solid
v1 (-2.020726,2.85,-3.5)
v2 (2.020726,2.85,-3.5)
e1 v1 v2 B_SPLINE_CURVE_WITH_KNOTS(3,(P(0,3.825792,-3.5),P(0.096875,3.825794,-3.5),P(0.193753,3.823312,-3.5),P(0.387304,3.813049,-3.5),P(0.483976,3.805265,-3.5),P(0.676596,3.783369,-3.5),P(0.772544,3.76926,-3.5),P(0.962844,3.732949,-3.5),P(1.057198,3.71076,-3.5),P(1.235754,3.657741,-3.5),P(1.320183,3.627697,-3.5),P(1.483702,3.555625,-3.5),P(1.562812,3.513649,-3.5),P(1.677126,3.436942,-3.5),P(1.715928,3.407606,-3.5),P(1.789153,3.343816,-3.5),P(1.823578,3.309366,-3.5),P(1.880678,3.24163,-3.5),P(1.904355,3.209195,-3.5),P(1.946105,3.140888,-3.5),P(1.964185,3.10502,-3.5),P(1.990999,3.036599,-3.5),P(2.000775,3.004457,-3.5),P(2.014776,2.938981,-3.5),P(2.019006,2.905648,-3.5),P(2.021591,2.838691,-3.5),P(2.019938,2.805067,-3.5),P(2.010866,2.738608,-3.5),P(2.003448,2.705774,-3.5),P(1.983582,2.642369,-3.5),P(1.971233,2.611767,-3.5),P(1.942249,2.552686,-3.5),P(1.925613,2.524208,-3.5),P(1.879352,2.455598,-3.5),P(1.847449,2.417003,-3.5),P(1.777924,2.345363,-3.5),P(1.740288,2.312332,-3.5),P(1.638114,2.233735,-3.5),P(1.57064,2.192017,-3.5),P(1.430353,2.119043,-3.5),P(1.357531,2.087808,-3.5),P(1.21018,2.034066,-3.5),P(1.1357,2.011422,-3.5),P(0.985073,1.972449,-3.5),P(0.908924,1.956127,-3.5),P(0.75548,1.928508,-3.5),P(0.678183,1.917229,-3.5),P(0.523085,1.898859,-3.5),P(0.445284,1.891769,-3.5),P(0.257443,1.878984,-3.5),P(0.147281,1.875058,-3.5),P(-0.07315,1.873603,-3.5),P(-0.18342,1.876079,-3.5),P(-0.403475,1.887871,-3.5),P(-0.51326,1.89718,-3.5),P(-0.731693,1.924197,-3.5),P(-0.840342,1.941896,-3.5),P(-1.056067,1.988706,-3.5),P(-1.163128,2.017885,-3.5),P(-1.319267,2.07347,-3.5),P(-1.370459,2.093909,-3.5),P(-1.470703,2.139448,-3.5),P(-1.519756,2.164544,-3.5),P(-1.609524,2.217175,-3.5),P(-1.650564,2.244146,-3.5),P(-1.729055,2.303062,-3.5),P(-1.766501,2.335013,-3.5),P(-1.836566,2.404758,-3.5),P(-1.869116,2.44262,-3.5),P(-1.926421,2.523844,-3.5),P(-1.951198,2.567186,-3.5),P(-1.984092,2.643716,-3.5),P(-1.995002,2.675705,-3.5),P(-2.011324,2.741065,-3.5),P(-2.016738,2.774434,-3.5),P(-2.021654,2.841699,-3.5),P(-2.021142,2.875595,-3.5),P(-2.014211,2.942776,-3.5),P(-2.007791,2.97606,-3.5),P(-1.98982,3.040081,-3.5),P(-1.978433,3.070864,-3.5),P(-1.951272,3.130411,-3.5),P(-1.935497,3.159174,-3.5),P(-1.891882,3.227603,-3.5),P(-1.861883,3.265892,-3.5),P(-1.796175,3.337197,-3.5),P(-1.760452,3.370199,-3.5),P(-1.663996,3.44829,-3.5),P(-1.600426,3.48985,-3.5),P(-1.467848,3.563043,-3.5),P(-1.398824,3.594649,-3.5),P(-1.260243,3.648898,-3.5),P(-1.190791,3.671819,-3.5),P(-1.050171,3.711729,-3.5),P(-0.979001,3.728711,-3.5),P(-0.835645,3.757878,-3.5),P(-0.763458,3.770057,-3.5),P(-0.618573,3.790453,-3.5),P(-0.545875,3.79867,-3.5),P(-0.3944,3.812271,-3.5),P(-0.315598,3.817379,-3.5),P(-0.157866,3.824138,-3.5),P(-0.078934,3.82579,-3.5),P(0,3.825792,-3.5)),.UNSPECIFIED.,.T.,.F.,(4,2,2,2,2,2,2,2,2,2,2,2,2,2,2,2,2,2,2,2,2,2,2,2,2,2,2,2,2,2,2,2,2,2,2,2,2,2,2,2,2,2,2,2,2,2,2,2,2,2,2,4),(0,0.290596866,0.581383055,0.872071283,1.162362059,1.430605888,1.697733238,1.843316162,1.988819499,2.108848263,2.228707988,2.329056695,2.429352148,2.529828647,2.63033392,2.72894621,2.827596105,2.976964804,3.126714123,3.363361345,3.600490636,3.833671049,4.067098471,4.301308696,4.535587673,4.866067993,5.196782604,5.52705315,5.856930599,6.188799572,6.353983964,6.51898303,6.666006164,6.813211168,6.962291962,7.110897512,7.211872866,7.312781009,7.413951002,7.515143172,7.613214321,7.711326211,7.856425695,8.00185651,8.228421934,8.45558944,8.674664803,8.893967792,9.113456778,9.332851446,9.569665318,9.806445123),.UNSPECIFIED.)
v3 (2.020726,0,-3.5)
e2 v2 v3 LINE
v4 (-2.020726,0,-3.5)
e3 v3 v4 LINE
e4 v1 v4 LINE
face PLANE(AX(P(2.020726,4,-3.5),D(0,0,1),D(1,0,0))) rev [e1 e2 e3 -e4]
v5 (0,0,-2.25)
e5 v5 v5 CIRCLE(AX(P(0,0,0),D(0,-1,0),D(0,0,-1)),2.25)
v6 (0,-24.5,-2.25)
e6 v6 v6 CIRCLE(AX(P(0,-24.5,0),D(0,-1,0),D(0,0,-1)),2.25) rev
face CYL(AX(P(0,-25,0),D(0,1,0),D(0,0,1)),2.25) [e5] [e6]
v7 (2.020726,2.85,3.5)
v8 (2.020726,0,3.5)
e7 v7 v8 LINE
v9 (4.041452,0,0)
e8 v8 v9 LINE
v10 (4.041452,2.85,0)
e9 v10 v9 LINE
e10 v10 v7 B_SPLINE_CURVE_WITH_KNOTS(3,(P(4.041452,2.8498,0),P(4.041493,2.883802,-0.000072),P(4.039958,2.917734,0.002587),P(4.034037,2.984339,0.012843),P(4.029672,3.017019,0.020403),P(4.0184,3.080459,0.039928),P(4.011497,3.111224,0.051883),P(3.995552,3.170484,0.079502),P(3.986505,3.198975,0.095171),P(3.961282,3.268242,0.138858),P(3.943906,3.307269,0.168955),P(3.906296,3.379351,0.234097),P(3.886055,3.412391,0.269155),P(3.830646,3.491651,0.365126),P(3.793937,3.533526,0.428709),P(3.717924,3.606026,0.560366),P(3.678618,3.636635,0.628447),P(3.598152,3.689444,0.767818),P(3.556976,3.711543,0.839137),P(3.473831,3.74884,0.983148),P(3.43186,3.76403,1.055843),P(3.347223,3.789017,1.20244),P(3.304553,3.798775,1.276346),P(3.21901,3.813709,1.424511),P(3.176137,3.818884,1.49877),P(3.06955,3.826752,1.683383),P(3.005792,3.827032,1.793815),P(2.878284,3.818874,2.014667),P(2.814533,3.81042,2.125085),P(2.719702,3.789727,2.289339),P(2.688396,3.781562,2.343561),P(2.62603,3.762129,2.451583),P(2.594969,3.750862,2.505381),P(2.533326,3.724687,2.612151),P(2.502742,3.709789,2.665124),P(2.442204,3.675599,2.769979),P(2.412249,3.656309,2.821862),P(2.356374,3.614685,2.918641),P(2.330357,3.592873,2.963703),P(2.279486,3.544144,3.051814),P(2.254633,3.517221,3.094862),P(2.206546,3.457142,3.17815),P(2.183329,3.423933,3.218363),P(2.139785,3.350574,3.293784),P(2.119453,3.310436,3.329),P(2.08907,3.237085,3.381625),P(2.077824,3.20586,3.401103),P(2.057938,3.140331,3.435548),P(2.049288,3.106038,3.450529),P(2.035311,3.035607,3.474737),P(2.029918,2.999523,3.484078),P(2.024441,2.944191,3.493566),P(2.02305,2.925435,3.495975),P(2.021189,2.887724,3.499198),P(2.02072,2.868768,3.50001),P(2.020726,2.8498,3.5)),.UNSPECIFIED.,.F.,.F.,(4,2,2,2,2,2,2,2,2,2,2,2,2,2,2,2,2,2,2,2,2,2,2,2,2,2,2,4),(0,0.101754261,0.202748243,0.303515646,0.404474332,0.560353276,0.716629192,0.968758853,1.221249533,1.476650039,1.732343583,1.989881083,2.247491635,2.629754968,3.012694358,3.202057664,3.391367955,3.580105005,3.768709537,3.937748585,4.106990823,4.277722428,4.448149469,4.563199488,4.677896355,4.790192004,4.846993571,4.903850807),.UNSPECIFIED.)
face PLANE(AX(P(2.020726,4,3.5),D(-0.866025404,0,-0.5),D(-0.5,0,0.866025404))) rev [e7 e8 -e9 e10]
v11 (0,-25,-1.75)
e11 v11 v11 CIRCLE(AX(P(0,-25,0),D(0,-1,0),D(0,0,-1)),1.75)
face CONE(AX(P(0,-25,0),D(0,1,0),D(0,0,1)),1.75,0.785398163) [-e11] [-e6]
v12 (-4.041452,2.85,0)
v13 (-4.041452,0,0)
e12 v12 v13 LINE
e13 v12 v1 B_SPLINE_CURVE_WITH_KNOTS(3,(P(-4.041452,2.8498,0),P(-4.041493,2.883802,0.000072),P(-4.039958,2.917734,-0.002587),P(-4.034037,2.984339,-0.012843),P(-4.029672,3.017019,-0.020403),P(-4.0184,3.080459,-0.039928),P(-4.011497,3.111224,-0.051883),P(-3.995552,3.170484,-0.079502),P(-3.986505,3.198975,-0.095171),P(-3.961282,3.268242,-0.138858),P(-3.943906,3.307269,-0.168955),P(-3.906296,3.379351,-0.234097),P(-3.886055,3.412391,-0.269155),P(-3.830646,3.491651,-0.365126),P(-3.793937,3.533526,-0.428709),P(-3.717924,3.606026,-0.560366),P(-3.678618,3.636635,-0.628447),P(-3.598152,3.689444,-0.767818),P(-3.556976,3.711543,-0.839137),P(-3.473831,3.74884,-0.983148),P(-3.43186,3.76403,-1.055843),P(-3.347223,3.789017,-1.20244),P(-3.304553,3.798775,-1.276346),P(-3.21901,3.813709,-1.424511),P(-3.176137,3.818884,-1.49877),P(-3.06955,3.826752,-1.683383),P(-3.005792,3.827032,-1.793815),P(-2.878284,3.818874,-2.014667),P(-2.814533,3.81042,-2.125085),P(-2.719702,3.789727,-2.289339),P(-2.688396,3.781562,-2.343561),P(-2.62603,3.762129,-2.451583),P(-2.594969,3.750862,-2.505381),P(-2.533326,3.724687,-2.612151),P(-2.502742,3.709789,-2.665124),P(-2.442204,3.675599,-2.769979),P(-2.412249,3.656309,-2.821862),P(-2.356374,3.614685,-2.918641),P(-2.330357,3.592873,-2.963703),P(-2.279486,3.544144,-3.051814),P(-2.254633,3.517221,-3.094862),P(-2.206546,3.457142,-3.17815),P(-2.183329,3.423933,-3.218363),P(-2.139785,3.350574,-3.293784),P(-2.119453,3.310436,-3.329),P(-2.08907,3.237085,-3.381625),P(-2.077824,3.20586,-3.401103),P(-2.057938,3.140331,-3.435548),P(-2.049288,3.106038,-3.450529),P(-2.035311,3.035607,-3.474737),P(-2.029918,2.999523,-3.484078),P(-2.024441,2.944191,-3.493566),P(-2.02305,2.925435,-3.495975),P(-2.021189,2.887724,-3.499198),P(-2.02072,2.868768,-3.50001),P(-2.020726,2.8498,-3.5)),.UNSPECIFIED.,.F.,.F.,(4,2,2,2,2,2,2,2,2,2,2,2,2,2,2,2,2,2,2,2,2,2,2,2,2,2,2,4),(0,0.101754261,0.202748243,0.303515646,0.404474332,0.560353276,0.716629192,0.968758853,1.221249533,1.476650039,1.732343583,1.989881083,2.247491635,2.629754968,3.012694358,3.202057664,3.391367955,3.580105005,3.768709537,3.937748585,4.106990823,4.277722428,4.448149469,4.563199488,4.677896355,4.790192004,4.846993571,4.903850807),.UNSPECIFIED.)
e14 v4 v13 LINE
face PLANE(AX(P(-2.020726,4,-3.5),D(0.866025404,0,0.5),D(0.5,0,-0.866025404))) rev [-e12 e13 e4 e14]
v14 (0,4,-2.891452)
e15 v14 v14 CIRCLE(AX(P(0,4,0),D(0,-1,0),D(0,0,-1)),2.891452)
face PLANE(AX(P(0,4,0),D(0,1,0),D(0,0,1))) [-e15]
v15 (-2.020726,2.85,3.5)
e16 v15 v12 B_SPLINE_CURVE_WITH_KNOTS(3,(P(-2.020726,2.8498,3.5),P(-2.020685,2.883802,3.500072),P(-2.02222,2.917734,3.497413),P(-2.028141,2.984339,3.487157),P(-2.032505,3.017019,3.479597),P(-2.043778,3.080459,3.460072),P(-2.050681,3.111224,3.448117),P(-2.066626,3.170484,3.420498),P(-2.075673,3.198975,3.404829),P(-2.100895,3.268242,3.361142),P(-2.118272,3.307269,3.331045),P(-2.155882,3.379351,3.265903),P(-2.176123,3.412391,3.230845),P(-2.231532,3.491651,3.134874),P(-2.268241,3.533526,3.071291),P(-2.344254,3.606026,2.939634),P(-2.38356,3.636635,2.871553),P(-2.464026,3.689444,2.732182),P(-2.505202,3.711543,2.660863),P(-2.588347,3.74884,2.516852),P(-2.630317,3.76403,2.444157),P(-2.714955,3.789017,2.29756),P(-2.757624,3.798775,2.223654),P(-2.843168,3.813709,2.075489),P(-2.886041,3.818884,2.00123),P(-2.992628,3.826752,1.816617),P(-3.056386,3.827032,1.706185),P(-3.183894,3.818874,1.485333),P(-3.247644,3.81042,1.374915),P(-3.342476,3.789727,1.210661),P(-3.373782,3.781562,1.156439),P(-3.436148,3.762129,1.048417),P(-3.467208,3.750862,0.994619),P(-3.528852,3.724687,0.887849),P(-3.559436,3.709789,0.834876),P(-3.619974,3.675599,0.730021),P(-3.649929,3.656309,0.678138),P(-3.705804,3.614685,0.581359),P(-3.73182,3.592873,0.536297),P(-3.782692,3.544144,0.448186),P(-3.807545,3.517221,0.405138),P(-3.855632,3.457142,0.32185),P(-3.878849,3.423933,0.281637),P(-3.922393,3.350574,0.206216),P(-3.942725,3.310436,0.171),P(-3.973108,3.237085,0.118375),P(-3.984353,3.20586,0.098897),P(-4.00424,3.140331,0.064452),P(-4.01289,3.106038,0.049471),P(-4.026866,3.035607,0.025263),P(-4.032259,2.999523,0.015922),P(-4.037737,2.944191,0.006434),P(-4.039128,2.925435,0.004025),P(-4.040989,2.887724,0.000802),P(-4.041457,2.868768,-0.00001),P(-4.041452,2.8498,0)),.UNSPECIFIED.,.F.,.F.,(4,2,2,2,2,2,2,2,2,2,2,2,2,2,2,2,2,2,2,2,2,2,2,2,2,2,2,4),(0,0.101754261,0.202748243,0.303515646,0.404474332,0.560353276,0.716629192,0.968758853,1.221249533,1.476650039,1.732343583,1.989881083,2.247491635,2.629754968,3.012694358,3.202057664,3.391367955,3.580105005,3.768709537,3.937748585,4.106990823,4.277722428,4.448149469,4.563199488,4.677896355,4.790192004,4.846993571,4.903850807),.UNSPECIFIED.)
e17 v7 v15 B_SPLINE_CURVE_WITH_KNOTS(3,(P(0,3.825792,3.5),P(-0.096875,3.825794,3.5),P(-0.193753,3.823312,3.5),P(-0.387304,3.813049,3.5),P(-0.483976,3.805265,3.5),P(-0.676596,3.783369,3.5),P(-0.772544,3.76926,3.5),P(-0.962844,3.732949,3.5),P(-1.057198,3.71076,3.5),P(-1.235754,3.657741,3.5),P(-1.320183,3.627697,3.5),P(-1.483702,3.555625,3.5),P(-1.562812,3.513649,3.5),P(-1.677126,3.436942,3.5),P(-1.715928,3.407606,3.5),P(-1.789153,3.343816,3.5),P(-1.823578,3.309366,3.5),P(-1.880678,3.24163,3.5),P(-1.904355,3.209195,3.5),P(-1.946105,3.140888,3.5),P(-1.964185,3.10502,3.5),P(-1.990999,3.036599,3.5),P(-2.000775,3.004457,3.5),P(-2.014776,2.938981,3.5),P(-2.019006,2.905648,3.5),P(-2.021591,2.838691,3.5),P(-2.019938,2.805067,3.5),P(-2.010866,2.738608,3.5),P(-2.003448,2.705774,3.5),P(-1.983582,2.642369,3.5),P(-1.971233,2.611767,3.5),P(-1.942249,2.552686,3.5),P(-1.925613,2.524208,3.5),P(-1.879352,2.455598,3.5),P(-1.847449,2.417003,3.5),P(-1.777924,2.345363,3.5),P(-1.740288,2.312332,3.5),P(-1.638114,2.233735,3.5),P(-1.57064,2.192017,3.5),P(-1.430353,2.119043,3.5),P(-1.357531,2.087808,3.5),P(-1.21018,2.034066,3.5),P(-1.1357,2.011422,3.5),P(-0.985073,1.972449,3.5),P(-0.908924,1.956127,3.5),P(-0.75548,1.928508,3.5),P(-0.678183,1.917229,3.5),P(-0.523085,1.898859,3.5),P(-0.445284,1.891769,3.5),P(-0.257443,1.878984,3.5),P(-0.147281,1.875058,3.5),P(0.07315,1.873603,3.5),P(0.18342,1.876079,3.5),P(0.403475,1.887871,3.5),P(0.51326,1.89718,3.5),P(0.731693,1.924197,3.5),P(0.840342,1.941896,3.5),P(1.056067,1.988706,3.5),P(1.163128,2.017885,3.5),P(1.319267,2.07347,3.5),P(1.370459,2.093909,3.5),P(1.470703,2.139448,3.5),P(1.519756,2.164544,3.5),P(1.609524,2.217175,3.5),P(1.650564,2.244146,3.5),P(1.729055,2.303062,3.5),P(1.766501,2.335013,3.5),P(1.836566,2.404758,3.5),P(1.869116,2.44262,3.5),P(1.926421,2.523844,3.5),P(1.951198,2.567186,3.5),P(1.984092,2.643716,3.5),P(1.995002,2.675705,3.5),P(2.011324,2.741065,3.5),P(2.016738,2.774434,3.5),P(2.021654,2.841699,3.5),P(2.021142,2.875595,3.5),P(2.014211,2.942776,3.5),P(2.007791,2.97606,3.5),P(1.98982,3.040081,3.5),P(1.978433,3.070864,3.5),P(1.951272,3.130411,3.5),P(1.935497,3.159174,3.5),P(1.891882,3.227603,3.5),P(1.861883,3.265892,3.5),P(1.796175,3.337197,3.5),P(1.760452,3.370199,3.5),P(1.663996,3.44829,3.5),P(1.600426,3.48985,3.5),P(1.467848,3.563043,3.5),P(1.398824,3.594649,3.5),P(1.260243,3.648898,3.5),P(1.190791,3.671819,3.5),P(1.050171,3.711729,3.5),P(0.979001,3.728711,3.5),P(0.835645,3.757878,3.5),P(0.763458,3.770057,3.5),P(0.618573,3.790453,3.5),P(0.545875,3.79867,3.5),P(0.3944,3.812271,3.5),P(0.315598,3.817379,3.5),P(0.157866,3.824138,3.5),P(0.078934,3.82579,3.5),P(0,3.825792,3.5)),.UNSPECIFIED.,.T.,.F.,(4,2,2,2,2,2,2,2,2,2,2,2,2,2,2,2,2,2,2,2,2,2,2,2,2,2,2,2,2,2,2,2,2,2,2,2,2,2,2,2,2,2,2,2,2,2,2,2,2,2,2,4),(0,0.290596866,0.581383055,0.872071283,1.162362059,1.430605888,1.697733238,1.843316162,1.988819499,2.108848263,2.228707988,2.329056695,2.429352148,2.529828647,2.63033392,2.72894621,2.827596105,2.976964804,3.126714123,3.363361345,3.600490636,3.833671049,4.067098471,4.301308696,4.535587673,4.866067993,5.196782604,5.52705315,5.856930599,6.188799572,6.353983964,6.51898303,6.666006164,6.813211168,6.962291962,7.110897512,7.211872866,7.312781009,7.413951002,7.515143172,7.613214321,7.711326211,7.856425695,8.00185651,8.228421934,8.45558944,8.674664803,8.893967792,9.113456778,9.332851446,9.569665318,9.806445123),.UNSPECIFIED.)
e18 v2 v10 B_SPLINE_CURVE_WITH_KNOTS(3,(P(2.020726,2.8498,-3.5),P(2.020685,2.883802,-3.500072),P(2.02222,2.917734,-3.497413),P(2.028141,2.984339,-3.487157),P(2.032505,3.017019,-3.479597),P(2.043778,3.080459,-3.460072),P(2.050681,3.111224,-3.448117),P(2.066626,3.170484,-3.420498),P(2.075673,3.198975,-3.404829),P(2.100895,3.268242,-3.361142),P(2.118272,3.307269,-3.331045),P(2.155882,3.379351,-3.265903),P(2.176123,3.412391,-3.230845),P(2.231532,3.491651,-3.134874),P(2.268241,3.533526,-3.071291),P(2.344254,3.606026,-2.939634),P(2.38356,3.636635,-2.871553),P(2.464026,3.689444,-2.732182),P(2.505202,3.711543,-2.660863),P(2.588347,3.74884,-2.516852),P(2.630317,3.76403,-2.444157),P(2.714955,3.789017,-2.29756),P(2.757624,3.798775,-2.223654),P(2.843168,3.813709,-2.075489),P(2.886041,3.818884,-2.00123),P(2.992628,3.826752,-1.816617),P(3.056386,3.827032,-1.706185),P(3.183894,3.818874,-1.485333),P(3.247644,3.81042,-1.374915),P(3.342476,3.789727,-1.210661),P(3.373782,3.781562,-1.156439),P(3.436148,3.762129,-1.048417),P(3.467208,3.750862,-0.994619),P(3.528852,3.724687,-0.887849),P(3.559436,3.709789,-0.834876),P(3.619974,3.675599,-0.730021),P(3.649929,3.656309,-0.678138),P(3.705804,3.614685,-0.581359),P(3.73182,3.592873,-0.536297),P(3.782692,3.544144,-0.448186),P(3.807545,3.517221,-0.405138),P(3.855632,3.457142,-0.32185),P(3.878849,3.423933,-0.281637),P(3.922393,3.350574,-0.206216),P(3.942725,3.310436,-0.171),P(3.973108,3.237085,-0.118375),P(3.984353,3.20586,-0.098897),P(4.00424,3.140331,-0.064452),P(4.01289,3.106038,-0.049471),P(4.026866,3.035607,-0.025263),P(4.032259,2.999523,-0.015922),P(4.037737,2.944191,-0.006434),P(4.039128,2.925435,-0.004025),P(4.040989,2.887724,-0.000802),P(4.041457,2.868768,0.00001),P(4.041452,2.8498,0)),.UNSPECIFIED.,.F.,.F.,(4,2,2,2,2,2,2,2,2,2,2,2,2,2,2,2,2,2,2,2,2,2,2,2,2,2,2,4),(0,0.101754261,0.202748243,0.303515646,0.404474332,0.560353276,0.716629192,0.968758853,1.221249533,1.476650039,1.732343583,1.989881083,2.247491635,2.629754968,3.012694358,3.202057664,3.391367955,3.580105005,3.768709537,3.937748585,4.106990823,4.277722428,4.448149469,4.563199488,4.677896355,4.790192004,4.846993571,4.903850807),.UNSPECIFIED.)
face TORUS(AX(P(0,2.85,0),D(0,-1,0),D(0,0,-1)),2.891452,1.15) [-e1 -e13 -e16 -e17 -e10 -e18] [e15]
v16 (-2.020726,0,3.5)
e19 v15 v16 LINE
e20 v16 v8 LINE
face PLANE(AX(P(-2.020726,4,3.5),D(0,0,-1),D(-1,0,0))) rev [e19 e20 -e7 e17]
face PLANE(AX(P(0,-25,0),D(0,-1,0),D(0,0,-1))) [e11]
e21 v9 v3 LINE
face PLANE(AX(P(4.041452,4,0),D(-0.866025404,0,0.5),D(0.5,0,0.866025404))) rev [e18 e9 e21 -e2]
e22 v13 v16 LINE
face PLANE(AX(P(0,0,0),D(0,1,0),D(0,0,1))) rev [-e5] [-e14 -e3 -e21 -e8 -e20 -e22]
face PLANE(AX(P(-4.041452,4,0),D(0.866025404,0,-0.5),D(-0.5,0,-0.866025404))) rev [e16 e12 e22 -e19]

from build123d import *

# Parameters (mm, degrees)
BOSS_EXTRUDE1_DEPTH = 4
SKETCH2_R           = 2.25
BOSS_EXTRUDE2_DEPTH = 25
CHAMFER1_SIZE       = 0.5


with BuildPart() as part:
    # Sketch1 → Boss-Extrude1 (new body)
    with BuildSketch(Plane(origin=(0, 0, 0), x_dir=(1, 0, 0), z_dir=(0, 1, 0))):
        Polygon((4.041451884, 0), (2.020725942, 3.5), (-2.020725942, 3.5), (-4.041451884, 0), (-2.020725942, -3.5), (2.020725942, -3.5), align=None)
    extrude(amount=BOSS_EXTRUDE1_DEPTH)

    # Sketch2 → Boss-Extrude2 (add)
    with BuildSketch(Plane.XZ):
        with Locations(Location((0, 0, 0), (0, 0, 270))):
            Circle(SKETCH2_R)
    extrude(amount=BOSS_EXTRUDE2_DEPTH)

    # Chamfer1
    chamfer1_edges = [part.edges().sort_by_distance(p)[0] for p in [
        (0, -25, 2.25),
    ]]
    chamfer(chamfer1_edges, length=CHAMFER1_SIZE)

    # Sketch3 → Cut-Revolve1 (revolve, cut)
    with BuildSketch(Plane.XY, mode=Mode.PRIVATE) as cut_revolve1_sk:
        with BuildLine():
            Line((2.891451884, 4), (4.041451884, 4))
            Line((4.041451884, 4), (4.041451884, 2.85))
            ThreePointArc((4.041451884, 2.85), (3.704624683, 3.663172798), (2.891451884, 4))
        make_face()
    revolve(cut_revolve1_sk.sketch.rotate(Axis((0, 0, 0), (0, 1, 0)), 90), axis=Axis((0, 0, 0), (0, 1, 0)), mode=Mode.SUBTRACT)


solid = part.part
